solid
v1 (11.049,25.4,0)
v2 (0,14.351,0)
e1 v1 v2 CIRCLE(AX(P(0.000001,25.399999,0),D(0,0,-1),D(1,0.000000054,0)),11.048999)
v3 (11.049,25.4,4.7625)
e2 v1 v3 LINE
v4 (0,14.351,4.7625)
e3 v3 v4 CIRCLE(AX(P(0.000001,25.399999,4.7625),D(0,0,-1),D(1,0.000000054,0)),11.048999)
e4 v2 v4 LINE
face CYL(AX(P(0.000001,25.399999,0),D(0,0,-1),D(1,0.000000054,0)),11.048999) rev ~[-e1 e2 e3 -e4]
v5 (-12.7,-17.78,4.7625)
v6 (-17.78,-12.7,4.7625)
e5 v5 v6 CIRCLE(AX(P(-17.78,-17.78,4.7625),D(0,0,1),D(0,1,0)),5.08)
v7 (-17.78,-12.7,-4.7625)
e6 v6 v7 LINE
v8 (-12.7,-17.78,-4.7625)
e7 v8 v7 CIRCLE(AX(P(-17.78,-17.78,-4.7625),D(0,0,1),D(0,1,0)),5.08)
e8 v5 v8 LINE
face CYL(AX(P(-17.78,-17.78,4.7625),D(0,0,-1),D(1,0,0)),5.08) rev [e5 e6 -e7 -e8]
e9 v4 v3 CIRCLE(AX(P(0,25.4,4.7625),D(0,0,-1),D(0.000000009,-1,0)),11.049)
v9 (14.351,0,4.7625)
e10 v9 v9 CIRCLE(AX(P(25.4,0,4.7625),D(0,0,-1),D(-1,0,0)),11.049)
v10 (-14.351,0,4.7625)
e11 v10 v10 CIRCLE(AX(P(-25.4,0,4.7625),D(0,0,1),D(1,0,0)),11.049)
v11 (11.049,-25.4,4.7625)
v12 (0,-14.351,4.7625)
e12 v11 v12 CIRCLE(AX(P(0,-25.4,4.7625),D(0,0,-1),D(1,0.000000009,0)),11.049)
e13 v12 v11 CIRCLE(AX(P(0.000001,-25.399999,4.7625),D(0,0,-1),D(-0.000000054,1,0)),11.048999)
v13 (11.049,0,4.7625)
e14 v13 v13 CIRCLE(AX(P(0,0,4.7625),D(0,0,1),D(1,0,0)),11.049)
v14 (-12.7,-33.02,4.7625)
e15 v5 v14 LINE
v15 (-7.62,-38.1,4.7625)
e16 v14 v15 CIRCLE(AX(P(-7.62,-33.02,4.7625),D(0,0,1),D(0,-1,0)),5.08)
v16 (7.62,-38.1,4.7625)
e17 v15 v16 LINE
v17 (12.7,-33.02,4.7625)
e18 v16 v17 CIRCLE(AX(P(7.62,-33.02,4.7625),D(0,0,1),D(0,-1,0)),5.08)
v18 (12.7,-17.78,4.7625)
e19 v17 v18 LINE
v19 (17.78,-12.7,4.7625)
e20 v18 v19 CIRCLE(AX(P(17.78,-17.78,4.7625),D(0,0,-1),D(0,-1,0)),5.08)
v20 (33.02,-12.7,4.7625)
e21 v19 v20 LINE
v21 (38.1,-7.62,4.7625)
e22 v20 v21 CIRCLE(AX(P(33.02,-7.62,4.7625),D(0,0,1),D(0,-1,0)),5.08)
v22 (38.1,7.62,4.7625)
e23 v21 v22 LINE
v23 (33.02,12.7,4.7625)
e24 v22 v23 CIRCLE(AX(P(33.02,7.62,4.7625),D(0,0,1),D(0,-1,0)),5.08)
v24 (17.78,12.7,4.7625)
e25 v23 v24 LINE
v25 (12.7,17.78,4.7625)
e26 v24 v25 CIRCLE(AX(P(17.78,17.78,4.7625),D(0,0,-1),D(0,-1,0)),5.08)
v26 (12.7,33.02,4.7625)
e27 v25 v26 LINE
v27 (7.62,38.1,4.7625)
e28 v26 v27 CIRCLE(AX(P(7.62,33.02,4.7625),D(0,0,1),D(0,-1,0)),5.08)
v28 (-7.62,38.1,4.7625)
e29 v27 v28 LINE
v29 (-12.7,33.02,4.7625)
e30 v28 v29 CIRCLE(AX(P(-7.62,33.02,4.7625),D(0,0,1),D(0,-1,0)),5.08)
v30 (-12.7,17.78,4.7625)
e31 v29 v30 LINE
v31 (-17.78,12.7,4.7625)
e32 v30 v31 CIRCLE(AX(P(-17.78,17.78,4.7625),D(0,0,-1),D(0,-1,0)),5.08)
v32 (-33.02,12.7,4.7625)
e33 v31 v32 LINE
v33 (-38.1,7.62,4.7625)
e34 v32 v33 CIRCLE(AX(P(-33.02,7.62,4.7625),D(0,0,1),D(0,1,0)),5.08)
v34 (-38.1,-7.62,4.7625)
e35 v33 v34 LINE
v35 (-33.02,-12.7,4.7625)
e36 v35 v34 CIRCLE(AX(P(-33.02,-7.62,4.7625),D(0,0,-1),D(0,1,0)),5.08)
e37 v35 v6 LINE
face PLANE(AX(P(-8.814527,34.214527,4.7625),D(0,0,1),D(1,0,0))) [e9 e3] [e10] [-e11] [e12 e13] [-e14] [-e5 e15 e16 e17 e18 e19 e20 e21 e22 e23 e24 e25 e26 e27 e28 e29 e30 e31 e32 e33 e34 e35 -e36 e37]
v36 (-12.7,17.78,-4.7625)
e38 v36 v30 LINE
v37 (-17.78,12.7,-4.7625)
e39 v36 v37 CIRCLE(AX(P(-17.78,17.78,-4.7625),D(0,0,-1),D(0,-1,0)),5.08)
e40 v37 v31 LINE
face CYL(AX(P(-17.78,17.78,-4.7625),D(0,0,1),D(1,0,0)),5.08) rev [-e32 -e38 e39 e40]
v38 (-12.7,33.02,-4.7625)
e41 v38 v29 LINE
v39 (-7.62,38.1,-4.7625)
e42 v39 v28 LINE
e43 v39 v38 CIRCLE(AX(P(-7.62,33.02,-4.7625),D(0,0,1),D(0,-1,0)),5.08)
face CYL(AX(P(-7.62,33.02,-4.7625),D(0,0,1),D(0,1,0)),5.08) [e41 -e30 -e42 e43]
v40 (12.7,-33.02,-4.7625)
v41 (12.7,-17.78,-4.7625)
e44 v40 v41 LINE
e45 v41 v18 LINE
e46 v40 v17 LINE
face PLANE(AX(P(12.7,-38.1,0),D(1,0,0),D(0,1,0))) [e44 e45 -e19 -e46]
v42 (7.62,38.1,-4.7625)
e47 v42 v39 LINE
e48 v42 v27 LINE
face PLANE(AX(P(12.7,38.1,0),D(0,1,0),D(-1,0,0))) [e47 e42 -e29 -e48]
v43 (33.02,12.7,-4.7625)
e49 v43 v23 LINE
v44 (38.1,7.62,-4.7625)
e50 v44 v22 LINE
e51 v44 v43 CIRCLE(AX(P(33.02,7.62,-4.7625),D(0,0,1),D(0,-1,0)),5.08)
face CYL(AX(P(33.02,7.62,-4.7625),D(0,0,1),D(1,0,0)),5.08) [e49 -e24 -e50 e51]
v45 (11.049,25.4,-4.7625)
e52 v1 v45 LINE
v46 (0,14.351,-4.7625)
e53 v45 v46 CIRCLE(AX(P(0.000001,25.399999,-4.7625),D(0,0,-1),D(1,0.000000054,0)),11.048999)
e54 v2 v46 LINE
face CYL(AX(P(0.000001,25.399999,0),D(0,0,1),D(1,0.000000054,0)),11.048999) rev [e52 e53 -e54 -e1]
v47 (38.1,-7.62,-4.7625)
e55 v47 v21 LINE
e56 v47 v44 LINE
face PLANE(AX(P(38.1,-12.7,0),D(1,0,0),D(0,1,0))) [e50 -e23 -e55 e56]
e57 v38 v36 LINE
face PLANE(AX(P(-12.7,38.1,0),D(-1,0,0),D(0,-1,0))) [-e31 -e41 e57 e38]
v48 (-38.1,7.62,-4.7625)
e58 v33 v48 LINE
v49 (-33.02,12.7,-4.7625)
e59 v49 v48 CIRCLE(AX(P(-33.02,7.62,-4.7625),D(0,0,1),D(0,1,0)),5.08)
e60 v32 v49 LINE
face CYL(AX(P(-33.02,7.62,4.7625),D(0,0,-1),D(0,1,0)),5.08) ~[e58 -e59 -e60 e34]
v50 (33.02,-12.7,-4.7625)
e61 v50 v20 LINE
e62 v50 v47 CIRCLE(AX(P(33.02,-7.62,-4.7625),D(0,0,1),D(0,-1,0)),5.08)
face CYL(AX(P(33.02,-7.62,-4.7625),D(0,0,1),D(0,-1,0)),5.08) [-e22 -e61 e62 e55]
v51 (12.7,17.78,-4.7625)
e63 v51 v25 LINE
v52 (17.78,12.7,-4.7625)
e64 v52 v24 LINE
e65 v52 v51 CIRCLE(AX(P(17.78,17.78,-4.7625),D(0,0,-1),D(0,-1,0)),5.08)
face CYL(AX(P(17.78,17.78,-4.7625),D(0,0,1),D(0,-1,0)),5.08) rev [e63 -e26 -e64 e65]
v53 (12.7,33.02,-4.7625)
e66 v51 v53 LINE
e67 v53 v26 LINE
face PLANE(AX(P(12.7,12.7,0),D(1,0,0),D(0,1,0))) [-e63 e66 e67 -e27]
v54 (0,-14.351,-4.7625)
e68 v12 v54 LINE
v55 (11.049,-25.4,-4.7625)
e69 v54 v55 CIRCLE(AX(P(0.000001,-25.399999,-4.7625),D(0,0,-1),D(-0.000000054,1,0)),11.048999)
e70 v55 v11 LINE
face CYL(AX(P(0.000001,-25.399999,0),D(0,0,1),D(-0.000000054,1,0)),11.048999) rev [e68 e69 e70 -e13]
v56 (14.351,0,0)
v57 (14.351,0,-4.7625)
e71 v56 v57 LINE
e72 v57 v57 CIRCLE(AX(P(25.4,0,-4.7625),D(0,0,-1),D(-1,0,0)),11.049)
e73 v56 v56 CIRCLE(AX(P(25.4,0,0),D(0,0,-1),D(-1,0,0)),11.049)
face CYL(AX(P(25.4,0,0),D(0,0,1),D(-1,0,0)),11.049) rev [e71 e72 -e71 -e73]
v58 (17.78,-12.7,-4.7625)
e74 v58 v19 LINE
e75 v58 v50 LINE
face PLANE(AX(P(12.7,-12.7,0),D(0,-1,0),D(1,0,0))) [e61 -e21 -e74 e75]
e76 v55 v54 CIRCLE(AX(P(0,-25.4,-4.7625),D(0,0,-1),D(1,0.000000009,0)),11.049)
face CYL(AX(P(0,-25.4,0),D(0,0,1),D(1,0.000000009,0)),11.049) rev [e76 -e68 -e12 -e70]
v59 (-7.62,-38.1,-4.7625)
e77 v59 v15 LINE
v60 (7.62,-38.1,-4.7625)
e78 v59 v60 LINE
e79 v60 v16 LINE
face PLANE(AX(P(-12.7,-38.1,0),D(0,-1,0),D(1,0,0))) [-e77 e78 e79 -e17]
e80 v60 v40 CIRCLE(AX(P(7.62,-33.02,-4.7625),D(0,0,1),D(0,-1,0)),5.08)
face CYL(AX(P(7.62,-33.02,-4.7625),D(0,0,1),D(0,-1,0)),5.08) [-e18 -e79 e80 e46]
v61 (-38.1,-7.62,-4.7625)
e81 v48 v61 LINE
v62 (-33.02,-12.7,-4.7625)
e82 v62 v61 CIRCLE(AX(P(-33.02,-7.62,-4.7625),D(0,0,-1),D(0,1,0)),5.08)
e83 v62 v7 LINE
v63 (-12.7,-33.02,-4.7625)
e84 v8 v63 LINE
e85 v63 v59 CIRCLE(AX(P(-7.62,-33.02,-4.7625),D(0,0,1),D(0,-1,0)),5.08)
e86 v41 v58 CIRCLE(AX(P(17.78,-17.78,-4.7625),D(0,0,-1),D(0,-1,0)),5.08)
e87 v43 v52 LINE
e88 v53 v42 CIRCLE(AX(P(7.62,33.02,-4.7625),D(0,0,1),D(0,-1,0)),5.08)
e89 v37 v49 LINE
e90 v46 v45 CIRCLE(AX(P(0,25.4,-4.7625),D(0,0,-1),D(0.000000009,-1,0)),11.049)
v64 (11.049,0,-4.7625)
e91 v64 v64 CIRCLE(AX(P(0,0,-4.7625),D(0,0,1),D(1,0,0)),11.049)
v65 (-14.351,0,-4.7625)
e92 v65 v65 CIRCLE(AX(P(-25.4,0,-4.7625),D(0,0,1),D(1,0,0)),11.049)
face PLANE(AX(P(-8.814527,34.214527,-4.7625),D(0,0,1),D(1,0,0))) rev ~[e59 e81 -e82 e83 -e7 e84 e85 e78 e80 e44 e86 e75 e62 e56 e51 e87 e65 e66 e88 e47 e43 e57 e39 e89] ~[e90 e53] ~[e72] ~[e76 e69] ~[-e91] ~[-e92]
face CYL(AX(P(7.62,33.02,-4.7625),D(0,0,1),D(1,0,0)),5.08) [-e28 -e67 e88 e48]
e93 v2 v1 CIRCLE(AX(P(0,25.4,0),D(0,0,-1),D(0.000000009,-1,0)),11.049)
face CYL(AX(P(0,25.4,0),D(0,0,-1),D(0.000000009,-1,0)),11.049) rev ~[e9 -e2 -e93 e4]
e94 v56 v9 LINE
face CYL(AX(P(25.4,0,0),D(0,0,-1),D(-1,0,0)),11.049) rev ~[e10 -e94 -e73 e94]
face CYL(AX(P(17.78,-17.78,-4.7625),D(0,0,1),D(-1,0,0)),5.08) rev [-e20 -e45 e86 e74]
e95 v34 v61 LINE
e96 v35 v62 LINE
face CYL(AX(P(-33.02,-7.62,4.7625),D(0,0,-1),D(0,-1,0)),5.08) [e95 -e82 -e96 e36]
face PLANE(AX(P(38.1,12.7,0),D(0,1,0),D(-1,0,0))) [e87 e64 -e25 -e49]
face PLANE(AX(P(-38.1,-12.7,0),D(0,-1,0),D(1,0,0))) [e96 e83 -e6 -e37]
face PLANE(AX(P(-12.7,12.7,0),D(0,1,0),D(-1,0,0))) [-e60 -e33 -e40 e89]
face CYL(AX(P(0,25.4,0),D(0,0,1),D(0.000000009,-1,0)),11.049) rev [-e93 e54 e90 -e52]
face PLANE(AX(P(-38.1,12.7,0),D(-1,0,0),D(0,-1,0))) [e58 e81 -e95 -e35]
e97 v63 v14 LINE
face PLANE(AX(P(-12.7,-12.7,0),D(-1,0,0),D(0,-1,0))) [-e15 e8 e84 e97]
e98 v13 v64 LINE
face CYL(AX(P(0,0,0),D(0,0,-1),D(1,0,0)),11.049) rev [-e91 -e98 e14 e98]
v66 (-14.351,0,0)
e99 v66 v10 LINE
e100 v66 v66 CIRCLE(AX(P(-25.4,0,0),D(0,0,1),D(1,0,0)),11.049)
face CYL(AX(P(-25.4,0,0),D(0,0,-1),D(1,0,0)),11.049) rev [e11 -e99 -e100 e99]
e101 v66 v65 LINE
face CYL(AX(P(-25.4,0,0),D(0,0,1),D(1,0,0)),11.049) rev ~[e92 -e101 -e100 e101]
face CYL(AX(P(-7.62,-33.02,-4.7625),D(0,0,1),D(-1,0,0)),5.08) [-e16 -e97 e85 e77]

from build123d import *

# Parameters (mm, degrees)
F0_R     = 12.7
F0_R_2   = 11.049
F1_DEPTH = 4.7625
F2_R     = 11.049
F3_DEPTH = 4.7625
F4_R     = 5.08


with BuildPart() as f1:
    # F0 (on Top) → F1 (new body, symmetric)
    with BuildSketch(Plane.XY):
        Circle(F0_R)
        Circle(F0_R_2, mode=Mode.SUBTRACT)
    extrude(amount=F1_DEPTH, both=True)

    # F2 (on Top) → F3 (join, symmetric)
    with BuildSketch(Plane.XY):
        with BuildLine():
            Line((0, 38.1), (-12.7, 38.1))
            Line((-12.7, 38.1), (-12.7, 25.4))
            ThreePointArc((-12.7, 25.4), (-8.980256, 34.380256), (0, 38.1))
        make_face()
        with BuildLine():
            Line((12.7, 38.1), (0, 38.1))
            ThreePointArc((0, 38.1), (8.980256, 34.380256), (12.7, 25.4))
            Line((12.7, 25.4), (12.7, 38.1))
        make_face()
        with BuildLine():
            ThreePointArc((11.049, 25.4), (-7.812823, 33.212823), (0, 14.351))
            ThreePointArc((0, 14.351), (7.812823, 17.587177), (11.049, 25.4))
        make_face()
        with BuildLine():
            ThreePointArc((12.7, 25.4), (8.980256, 34.380256), (0, 38.1))
            ThreePointArc((0, 38.1), (-8.980256, 34.380256), (-12.7, 25.4))
            ThreePointArc((-12.7, 25.4), (-8.980256, 16.419744), (0, 12.7))
            ThreePointArc((0, 12.7), (8.980256, 16.419744), (12.7, 25.4))
        make_face()
        with BuildLine():
            ThreePointArc((11.049, 25.4), (7.812823, 17.587177), (0, 14.351))
            ThreePointArc((0, 14.351), (-7.812823, 33.212823), (11.049, 25.4))
        make_face(mode=Mode.SUBTRACT)
        with BuildLine():
            ThreePointArc((0, 12.7), (-8.980256, 16.419744), (-12.7, 25.4))
            Line((-12.7, 25.4), (-12.7, 12.7))
            Line((-12.7, 12.7), (-25.4, 12.7))
            ThreePointArc((-25.4, 12.7), (-16.419744, 8.980256), (-12.7, 0))
            ThreePointArc((-12.7, 0), (-8.980256, 8.980256), (0, 12.7))
        make_face()
        with BuildLine():
            Line((12.7, 12.7), (12.7, 25.4))
            ThreePointArc((12.7, 25.4), (8.980256, 16.419744), (0, 12.7))
            ThreePointArc((0, 12.7), (8.980256, 8.980256), (12.7, 0))
            ThreePointArc((12.7, 0), (16.419744, 8.980256), (25.4, 12.7))
            Line((25.4, 12.7), (12.7, 12.7))
        make_face()
        with Locations((-25.4, 0)):
            Circle(F2_R)
        with BuildLine():
            ThreePointArc((-12.7, 0), (-16.419744, 8.980256), (-25.4, 12.7))
            ThreePointArc((-25.4, 12.7), (-34.380256, 8.980256), (-38.1, 0))
            ThreePointArc((-38.1, 0), (-34.380256, -8.980256), (-25.4, -12.7))
            ThreePointArc((-25.4, -12.7), (-16.419744, -8.980256), (-12.7, 0))
        make_face()
        with Locations((-25.4, 0)):
            Circle(F2_R, mode=Mode.SUBTRACT)
        with BuildLine():
            ThreePointArc((-38.1, 0), (-34.380256, 8.980256), (-25.4, 12.7))
            Line((-25.4, 12.7), (-38.1, 12.7))
            Line((-38.1, 12.7), (-38.1, 0))
        make_face()
        with BuildLine():
            ThreePointArc((36.449, 0), (25.4, 11.049), (14.351, 0))
            ThreePointArc((14.351, 0), (25.4, -11.049), (36.449, 0))
        make_face()
        with BuildLine():
            ThreePointArc((25.4, 12.7), (16.419744, 8.980256), (12.7, 0))
            ThreePointArc((12.7, 0), (16.419744, -8.980256), (25.4, -12.7))
            ThreePointArc((25.4, -12.7), (34.380256, -8.980256), (38.1, 0))
            ThreePointArc((38.1, 0), (34.380256, 8.980256), (25.4, 12.7))
        make_face()
        with BuildLine():
            ThreePointArc((36.449, 0), (25.4, -11.049), (14.351, 0))
            ThreePointArc((14.351, 0), (25.4, 11.049), (36.449, 0))
        make_face(mode=Mode.SUBTRACT)
        with BuildLine():
            ThreePointArc((25.4, -12.7), (16.419744, -8.980256), (12.7, 0))
            ThreePointArc((12.7, 0), (8.980256, -8.980256), (0, -12.7))
            ThreePointArc((0, -12.7), (8.980256, -16.419744), (12.7, -25.4))
            Line((12.7, -25.4), (12.7, -12.7))
            Line((12.7, -12.7), (25.4, -12.7))
        make_face()
        with BuildLine():
            ThreePointArc((0, -12.7), (-8.980256, -8.980256), (-12.7, 0))
            ThreePointArc((-12.7, 0), (-16.419744, -8.980256), (-25.4, -12.7))
            Line((-25.4, -12.7), (-12.7, -12.7))
            Line((-12.7, -12.7), (-12.7, -25.4))
            ThreePointArc((-12.7, -25.4), (-8.980256, -16.419744), (0, -12.7))
        make_face()
        with BuildLine():
            Line((38.1, 12.7), (25.4, 12.7))
            ThreePointArc((25.4, 12.7), (34.380256, 8.980256), (38.1, 0))
            Line((38.1, 0), (38.1, 12.7))
        make_face()
        with BuildLine():
            ThreePointArc((-25.4, -12.7), (-34.380256, -8.980256), (-38.1, 0))
            Line((-38.1, 0), (-38.1, -12.7))
            Line((-38.1, -12.7), (-25.4, -12.7))
        make_face()
        with BuildLine():
            ThreePointArc((38.1, 0), (34.380256, -8.980256), (25.4, -12.7))
            Line((25.4, -12.7), (38.1, -12.7))
            Line((38.1, -12.7), (38.1, 0))
        make_face()
        with BuildLine():
            ThreePointArc((11.049, -25.4), (7.812823, -17.587177), (0, -14.351))
            ThreePointArc((0, -14.351), (-7.812823, -33.212823), (11.049, -25.4))
        make_face()
        with BuildLine():
            ThreePointArc((12.7, -25.4), (8.980256, -16.419744), (0, -12.7))
            ThreePointArc((0, -12.7), (-8.980256, -16.419744), (-12.7, -25.4))
            ThreePointArc((-12.7, -25.4), (-8.980256, -34.380256), (0, -38.1))
            ThreePointArc((0, -38.1), (8.980256, -34.380256), (12.7, -25.4))
        make_face()
        with BuildLine():
            ThreePointArc((11.049, -25.4), (-7.812823, -33.212823), (0, -14.351))
            ThreePointArc((0, -14.351), (7.812823, -17.587177), (11.049, -25.4))
        make_face(mode=Mode.SUBTRACT)
        with BuildLine():
            Line((12.7, -38.1), (12.7, -25.4))
            ThreePointArc((12.7, -25.4), (8.980256, -34.380256), (0, -38.1))
            Line((0, -38.1), (12.7, -38.1))
        make_face()
        with BuildLine():
            ThreePointArc((0, -38.1), (-8.980256, -34.380256), (-12.7, -25.4))
            Line((-12.7, -25.4), (-12.7, -38.1))
            Line((-12.7, -38.1), (0, -38.1))
        make_face()
    extrude(amount=F3_DEPTH, both=True)

    # F4
    f4_edges = [f1.edges().sort_by_distance(p)[0] for p in [
        (12.7, -12.7, 0),
        (12.7, -38.1, 0),
        (-12.7, -38.1, 0),
        (38.1, -12.7, 0),
        (38.1, 12.7, 0),
        (12.7, 38.1, 0),
        (-38.1, 12.7, 0),
        (-12.7, 38.1, 0),
        (12.7, 12.7, 0),
        (-12.7, 12.7, 0),
        (-38.1, -12.7, 0),
        (-12.7, -12.7, 0),
    ]]
    fillet(f4_edges, radius=F4_R)


solid = f1.part
